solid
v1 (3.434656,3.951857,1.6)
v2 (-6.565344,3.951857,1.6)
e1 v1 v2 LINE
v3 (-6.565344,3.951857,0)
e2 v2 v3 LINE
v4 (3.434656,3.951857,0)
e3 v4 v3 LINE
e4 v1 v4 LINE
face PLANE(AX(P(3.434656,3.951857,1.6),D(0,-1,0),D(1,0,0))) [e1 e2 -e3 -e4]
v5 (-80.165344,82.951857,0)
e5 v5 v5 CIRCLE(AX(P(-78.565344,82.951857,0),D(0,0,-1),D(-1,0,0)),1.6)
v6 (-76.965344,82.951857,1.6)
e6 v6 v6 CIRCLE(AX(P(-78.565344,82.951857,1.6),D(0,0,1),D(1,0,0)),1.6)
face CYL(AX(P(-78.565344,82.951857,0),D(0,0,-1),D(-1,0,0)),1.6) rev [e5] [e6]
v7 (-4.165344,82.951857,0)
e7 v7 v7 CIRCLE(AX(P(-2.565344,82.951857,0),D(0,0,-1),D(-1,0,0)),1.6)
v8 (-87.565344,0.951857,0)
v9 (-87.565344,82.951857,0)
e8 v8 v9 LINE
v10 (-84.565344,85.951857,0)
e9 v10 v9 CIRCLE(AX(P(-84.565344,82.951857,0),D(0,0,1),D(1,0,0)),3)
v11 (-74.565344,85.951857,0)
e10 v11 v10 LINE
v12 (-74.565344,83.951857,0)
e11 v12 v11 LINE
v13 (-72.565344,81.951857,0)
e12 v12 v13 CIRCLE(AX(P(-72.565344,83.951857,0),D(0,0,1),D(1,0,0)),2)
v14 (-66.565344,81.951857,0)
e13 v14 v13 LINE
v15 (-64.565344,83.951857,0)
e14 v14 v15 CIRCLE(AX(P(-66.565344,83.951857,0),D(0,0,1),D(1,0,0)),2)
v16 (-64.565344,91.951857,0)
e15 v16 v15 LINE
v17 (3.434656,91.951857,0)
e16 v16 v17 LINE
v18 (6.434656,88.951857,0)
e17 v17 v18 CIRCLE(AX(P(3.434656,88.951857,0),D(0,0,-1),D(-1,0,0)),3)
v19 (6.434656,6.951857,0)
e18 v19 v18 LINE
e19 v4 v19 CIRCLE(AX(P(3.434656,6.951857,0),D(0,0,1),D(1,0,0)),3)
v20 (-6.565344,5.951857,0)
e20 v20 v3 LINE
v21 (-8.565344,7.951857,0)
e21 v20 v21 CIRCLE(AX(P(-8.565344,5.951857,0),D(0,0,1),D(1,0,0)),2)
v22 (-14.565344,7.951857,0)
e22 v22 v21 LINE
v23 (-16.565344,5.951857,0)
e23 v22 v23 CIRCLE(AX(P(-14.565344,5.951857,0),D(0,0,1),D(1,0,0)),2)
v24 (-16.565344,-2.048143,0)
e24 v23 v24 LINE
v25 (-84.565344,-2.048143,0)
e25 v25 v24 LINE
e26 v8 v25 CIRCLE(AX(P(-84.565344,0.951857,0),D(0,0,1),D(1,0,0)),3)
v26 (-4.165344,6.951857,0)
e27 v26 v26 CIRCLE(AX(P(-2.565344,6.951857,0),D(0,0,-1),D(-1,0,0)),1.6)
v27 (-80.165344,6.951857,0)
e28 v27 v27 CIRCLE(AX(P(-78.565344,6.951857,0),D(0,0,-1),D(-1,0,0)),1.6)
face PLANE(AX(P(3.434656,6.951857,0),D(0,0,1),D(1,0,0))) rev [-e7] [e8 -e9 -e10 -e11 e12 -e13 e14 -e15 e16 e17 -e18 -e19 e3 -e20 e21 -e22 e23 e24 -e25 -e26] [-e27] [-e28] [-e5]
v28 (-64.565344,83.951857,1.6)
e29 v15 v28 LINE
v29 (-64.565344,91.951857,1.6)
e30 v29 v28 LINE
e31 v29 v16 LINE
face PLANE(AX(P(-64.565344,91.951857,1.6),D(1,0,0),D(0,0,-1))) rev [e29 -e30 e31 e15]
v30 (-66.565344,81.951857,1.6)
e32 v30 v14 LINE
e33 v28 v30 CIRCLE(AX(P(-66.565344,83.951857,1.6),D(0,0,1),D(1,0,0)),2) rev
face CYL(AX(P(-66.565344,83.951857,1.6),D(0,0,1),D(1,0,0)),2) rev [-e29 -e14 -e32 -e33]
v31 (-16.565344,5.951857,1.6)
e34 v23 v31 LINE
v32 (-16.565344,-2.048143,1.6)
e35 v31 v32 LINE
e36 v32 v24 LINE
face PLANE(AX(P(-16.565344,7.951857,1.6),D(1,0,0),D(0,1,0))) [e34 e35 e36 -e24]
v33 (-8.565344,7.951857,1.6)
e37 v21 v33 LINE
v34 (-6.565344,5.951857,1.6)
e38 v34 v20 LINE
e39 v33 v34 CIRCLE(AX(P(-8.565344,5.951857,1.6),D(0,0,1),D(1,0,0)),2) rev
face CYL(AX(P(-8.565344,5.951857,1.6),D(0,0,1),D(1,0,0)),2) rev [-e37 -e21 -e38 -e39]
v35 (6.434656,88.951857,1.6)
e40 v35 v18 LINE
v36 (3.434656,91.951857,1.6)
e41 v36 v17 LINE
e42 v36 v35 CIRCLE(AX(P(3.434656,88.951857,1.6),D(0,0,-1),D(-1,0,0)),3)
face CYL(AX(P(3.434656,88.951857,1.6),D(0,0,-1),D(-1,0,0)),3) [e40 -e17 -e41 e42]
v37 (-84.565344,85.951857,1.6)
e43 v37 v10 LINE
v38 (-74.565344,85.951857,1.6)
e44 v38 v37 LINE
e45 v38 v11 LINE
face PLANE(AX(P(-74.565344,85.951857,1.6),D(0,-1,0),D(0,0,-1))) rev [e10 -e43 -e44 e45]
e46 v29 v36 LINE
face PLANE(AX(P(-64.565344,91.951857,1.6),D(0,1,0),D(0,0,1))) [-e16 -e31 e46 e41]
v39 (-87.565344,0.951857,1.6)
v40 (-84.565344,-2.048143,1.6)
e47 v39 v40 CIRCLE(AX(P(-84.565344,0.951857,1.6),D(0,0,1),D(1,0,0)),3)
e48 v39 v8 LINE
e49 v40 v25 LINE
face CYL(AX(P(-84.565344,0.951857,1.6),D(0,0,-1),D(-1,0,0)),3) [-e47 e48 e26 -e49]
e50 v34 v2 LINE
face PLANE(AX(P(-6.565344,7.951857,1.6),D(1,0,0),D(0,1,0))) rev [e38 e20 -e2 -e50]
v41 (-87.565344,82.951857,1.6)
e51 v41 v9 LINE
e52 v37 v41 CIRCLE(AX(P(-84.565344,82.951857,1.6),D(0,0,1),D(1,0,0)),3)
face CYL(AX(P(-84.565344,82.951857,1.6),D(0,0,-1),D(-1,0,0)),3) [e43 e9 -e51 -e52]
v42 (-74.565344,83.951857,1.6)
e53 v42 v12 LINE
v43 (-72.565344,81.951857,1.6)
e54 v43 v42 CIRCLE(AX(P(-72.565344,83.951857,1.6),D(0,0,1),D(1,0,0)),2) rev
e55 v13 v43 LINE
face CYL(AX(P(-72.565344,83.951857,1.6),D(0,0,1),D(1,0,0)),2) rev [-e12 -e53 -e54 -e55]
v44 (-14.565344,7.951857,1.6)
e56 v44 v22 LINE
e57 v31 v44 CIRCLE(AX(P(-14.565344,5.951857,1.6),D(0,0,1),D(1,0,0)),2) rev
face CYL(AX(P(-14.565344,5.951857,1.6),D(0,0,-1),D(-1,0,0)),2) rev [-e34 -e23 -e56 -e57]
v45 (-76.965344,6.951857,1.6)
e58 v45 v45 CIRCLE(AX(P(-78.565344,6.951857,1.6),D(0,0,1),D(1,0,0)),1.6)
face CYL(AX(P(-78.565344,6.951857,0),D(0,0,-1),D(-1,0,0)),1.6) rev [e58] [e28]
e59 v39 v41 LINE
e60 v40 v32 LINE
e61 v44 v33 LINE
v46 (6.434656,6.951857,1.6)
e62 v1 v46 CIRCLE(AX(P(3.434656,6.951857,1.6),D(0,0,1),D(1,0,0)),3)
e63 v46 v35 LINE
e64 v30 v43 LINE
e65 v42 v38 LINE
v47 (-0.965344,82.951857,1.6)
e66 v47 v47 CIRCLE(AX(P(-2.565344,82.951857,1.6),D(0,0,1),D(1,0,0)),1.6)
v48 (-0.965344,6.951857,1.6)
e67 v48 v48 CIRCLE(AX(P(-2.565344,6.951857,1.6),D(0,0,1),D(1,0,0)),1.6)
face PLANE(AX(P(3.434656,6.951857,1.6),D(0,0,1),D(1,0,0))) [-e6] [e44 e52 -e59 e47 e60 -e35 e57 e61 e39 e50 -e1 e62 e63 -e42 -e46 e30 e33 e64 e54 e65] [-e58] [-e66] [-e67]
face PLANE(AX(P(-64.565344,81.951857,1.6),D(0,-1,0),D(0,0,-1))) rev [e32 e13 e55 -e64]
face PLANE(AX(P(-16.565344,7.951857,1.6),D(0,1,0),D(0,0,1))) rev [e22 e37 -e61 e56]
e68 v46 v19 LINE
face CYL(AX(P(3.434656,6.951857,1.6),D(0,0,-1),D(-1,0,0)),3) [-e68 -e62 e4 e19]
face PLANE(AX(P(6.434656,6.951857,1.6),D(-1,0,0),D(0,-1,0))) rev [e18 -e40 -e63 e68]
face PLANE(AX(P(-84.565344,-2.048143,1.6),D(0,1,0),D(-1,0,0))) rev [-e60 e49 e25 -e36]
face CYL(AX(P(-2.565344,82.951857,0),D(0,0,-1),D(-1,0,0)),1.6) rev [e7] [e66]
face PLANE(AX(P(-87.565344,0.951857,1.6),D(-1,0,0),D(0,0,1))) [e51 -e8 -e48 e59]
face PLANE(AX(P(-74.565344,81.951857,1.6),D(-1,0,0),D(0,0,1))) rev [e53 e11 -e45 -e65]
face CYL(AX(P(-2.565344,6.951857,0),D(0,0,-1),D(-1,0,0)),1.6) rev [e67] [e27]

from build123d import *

# Parameters (mm, degrees)
BOSS_EXTRUDE1_DEPTH        = 1.6
F_3_2_3_2_DIAMETER_HOLE3_D = 3.2
FILLET1_R                  = 2


with BuildPart() as part:
    # Sketch1 → Boss-Extrude1 (new body)
    with BuildSketch(Plane.XY):
        with BuildLine():
            Line((-84.56534388, -2.04814307), (-16.56534388, -2.04814307))
            Line((-16.56534388, -2.04814307), (-16.56534388, 7.95185693))
            Line((-16.56534388, 7.95185693), (-6.56534388, 7.95185693))
            Line((-6.56534388, 7.95185693), (-6.56534388, 3.95185693))
            Line((-6.56534388, 3.95185693), (3.425708931, 3.95185693))
            Line((3.425708931, 3.95185693), (3.43465612, 3.95185693))
            ThreePointArc((3.43465612, 3.95185693), (5.555976464, 4.830536587), (6.43465612, 6.95185693))
            Line((6.43465612, 6.95185693), (6.43465612, 88.95185693))
            ThreePointArc((6.43465612, 88.95185693), (5.555976464, 91.073177274), (3.43465612, 91.95185693))
            Line((3.43465612, 91.95185693), (-64.56534388, 91.95185693))
            Line((-64.56534388, 91.95185693), (-64.56534388, 81.95185693))
            Line((-64.56534388, 81.95185693), (-74.56534388, 81.95185693))
            Line((-74.56534388, 81.95185693), (-74.56534388, 85.95185693))
            Line((-74.56534388, 85.95185693), (-84.56534388, 85.95185693))
            ThreePointArc((-84.56534388, 85.95185693), (-86.686664224, 85.073177274), (-87.56534388, 82.95185693))
            Line((-87.56534388, 82.95185693), (-87.56534388, 0.95185693))
            ThreePointArc((-87.56534388, 0.95185693), (-86.686664224, -1.169463413), (-84.56534388, -2.04814307))
        make_face()
    extrude(amount=BOSS_EXTRUDE1_DEPTH)

    # Ø3.2 (3.2) Diameter Hole3 (through all)
    with Locations(Plane(origin=(0, 0, 0), x_dir=(-1, 0, 0), z_dir=(0, 0, -1))):
        with Locations((78.56534388, 6.95185693), (78.56534388, 82.95185693), (2.56534388, 82.95185693), (2.56534388, 6.95185693)):
            Hole(F_3_2_3_2_DIAMETER_HOLE3_D / 2)

    # Fillet1
    fillet1_edges = [part.edges().sort_by_distance(p)[0] for p in [
        (-16.56534388, 7.95185693, 0.8),
        (-74.56534388, 81.95185693, 0.8),
        (-64.56534388, 81.95185693, 0.8),
        (-6.56534388, 7.95185693, 0.8),
    ]]
    fillet(fillet1_edges, radius=FILLET1_R)


solid = part.part
